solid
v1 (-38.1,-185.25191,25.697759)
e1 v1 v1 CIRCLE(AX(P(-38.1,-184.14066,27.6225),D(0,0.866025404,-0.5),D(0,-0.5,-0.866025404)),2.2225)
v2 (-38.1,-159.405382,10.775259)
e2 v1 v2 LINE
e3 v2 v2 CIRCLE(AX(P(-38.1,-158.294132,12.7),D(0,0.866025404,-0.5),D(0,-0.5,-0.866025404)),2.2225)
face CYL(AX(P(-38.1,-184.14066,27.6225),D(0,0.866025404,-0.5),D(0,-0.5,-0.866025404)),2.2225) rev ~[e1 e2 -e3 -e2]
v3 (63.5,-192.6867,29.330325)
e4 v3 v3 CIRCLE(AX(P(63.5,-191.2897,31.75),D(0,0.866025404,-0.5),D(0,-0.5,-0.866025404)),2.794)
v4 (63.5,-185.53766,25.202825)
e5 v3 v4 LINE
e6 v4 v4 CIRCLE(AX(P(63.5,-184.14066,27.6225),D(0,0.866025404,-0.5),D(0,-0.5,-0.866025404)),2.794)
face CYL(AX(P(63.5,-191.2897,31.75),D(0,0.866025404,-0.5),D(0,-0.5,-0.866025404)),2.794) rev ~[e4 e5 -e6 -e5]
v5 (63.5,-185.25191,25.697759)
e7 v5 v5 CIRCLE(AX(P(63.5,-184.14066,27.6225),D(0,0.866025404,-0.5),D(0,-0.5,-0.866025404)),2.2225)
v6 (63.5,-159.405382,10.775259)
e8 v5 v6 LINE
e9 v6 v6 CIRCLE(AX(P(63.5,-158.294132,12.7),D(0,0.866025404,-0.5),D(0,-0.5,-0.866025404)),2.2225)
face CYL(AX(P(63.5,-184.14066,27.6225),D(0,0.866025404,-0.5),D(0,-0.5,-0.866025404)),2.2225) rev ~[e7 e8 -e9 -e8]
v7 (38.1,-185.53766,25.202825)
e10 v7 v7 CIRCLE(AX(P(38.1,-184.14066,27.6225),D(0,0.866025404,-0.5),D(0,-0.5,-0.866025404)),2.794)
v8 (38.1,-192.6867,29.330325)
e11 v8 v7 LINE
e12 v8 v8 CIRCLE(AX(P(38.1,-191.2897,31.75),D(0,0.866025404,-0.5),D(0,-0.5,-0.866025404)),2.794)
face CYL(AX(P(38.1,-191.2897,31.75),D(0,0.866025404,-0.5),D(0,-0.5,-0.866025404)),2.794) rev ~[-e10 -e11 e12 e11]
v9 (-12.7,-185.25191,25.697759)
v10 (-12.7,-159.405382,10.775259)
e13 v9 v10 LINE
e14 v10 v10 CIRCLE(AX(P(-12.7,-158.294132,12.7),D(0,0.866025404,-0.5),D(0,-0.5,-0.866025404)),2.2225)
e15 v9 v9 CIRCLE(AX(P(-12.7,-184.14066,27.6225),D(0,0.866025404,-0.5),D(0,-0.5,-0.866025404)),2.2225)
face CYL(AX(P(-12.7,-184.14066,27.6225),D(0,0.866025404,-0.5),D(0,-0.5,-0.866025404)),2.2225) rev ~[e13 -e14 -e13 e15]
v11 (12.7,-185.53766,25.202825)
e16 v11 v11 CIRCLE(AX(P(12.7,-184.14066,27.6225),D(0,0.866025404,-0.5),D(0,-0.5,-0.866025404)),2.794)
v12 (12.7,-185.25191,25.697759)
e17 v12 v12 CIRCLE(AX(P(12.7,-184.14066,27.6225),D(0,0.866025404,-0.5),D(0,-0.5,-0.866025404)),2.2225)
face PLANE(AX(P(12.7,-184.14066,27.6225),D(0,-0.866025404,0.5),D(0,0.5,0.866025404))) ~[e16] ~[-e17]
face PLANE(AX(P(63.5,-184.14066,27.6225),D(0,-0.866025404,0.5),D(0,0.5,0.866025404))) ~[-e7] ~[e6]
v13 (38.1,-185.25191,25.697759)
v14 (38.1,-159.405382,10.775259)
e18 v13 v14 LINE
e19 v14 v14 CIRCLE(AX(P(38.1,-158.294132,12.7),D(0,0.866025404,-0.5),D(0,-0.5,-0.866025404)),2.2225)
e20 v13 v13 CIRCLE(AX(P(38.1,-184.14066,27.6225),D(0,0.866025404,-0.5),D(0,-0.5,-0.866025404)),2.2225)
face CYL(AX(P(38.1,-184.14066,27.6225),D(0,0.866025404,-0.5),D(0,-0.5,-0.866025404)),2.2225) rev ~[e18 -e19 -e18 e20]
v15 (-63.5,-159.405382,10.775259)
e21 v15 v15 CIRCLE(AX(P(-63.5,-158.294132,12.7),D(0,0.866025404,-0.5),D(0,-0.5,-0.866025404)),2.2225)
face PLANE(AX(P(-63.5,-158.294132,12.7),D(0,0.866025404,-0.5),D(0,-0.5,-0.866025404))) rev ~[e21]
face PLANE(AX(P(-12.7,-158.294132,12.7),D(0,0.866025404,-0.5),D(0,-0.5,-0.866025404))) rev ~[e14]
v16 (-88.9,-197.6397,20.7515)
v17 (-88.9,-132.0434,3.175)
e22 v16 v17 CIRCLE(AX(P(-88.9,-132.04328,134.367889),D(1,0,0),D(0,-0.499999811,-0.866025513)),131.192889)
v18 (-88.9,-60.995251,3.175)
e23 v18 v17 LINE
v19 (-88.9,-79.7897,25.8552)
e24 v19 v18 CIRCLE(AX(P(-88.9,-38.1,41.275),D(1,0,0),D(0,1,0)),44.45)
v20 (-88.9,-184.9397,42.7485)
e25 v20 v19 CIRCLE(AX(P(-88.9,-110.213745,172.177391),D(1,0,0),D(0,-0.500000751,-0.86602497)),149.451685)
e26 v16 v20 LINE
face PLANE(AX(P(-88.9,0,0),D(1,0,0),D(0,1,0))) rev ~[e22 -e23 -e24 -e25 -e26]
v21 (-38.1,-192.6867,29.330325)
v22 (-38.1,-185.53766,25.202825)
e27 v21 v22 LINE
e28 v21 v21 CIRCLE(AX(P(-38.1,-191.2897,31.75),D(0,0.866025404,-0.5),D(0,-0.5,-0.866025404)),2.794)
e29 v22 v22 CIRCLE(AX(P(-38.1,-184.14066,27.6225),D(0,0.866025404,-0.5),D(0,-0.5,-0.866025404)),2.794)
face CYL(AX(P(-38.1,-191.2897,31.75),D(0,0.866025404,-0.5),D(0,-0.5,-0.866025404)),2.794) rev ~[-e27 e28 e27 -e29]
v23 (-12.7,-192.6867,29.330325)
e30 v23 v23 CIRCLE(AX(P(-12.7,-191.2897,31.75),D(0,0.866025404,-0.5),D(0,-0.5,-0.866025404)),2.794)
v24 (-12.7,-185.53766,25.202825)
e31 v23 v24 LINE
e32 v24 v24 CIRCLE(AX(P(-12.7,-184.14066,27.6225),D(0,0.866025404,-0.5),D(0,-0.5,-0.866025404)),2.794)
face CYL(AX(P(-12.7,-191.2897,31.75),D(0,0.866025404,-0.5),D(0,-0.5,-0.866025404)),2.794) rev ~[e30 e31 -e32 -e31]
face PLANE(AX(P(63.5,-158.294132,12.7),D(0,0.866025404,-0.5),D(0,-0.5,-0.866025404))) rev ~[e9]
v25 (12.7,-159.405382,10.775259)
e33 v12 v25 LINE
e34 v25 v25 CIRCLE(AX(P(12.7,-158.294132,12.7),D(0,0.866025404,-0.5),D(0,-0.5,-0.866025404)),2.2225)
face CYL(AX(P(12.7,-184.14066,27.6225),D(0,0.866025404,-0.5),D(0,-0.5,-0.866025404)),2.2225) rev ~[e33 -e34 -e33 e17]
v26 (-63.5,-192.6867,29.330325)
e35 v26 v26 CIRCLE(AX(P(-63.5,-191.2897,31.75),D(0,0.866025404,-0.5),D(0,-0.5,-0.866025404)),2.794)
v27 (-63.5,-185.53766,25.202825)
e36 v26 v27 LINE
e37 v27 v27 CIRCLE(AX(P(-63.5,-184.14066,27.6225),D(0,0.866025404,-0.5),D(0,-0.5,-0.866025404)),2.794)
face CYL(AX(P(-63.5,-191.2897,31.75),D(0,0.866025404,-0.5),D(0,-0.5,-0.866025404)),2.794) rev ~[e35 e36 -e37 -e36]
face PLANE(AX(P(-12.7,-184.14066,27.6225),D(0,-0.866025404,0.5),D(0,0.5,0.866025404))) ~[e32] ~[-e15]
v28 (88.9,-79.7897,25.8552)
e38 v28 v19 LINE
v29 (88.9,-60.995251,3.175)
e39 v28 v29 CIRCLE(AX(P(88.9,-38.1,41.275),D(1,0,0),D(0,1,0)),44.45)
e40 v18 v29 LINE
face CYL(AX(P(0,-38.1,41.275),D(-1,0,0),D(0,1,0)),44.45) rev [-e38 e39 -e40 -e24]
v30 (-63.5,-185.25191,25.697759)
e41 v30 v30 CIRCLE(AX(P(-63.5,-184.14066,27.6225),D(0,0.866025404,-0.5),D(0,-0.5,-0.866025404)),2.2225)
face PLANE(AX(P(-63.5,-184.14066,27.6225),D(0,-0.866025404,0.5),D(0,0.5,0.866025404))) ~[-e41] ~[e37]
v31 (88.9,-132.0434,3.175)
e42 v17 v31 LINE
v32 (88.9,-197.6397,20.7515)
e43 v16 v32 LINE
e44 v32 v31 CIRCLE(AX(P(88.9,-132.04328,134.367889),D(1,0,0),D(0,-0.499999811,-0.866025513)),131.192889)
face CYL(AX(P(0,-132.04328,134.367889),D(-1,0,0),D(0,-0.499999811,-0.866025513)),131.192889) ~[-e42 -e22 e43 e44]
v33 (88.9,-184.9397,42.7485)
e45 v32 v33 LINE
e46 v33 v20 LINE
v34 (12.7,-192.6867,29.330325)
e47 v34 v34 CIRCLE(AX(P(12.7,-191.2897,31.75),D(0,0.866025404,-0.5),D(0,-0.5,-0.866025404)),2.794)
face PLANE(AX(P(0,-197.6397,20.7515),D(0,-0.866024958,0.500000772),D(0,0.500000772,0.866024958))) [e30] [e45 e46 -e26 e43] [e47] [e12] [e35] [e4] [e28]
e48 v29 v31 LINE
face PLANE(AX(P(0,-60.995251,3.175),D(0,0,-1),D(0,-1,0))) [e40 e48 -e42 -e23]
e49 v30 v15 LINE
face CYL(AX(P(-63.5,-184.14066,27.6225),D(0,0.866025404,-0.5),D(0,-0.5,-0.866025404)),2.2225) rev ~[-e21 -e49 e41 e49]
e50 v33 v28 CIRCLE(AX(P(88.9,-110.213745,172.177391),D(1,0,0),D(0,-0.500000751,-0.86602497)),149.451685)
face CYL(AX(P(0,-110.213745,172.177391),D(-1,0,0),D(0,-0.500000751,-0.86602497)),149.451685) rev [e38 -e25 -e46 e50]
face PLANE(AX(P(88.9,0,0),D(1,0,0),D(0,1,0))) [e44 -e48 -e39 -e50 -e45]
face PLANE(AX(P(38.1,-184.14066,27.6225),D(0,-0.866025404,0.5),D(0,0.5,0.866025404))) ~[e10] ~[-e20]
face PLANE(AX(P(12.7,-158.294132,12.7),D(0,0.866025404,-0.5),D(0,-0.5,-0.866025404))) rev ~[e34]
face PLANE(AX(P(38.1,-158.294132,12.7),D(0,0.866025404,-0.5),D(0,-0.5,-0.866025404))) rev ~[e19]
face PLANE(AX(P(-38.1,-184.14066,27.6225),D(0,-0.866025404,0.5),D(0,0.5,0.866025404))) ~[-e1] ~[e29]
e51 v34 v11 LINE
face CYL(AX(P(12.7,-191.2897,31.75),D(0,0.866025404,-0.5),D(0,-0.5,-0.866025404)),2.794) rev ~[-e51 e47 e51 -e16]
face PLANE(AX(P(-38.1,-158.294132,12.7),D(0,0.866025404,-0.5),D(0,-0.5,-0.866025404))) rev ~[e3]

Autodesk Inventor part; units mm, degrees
ref_plane "YZ Plane" through (0, 0, 0) normal (1, 0, 0) x (0, 1, 0)
ref_plane "XZ Plane" through (0, 0, 0) normal (0, 1, 0) x (-1, 0, 0)
ref_plane "XY Plane" through (0, 0, 0) normal (0, 0, 1) x (1, 0, 0)
sketch "Sketch1" plane through (0, 0, 0) normal (1, 0, 0) x (0, 1, 0)
  line L0 (-219.6367, 33.4515) -> (-197.6397, 20.7515)
  line L1 (-197.6397, 20.7515) -> (-184.9397, 42.7485)
  line L2 (-184.9397, 42.7485) -> (-206.9367, 55.4485)
  line L3 (-206.9367, 55.4485) -> (-219.6367, 33.4515)
  line L4 (-219.6367, 33.4515) -> (-184.9397, 42.7485) construction
  line L5 (-197.6397, 20.7515) -> (-206.9367, 55.4485) construction
  circle A0 centre (-38.1, 41.275) radius 38.1
  line L6 (0, 0) -> (-228.6, 0)
  line L7 (-228.6, 0) -> (-228.6, -25.4)
  line L8 (-228.6, -25.4) -> (0, -25.4)
  line L9 (0, -25.4) -> (0, 0)
  line L10 (0, 0) -> (-228.6, -25.4) construction
  line L11 (-228.6, 0) -> (0, -25.4) construction
  line L12 (-38.1, 3.175) -> (-132.0434, 3.175)
  arc A1 (-197.6397, 20.7515) -> (-132.0434, 3.175) centre (-132.0434, 134.3676) ccw
  circle A2 centre (-38.1, 41.275) radius 44.45
  arc A3 (-184.9397, 42.7485) -> (-79.7897, 25.8552) centre (-110.2136, 172.1778) ccw
  circle A4 centre (-101.6, 41.275) radius 7.3323
  line L13 (-107.95, 44.9412) -> (-101.6, 48.6073)
  line L14 (-101.6, 48.6073) -> (-95.25, 44.9412)
  line L15 (-95.25, 44.9412) -> (-95.25, 37.6088)
  line L16 (-95.25, 37.6088) -> (-101.6, 33.9427)
  line L17 (-101.6, 33.9427) -> (-107.95, 37.6088)
  line L18 (-107.95, 37.6088) -> (-107.95, 44.9412)
  point P0 (-202.2882, 38.1)
  point P1 (-114.3, -12.7)
  point P2 (-60.9953, 3.175)
  dimension "d0" = 76.2
  dimension "d1" = 25.4
  dimension "d2" = 60
  dimension "d3" = 41.275
  dimension "d4" = 38.1
  dimension "d5" = 146.847
  dimension "d6" = 20.7515
  dimension "d7" = 228.6
  dimension "d8" = 88.9
  dimension "d23" = 12.7
  dimension "d24" = 63.5
extrude "Extrusion1" add sketch "Sketch1" along normal mid plane 177.8 contours L1 A3 A2 L12 A1
sketch "Sketch2" plane through (-88.9, -197.6397, 20.7515) normal (0, -0.866, 0.5) x (1, 0, 0)
  line L0 (0, 0) -> (177.8, 0) projected
  line L1 (177.8, 25.4) -> (177.8, 0) projected
  point P0 (88.9, 80.8485)
  point P1 (152.4, 12.7)
  dimension "d11" = 12.7
  dimension "d12" = 25.4
hole "Hole1" at (63.5, -191.2897, 31.75) direction (0, 0.866, -0.5) diameter 4.445 depth 38.1 counterbore diameter 5.588 counterbore depth 8.255
pattern_linear "Rectangular Pattern1" count 6 spacing 25.4 along (-1, 0, 0) of "Hole1"
properties part number "FlyWheel Alligner"
